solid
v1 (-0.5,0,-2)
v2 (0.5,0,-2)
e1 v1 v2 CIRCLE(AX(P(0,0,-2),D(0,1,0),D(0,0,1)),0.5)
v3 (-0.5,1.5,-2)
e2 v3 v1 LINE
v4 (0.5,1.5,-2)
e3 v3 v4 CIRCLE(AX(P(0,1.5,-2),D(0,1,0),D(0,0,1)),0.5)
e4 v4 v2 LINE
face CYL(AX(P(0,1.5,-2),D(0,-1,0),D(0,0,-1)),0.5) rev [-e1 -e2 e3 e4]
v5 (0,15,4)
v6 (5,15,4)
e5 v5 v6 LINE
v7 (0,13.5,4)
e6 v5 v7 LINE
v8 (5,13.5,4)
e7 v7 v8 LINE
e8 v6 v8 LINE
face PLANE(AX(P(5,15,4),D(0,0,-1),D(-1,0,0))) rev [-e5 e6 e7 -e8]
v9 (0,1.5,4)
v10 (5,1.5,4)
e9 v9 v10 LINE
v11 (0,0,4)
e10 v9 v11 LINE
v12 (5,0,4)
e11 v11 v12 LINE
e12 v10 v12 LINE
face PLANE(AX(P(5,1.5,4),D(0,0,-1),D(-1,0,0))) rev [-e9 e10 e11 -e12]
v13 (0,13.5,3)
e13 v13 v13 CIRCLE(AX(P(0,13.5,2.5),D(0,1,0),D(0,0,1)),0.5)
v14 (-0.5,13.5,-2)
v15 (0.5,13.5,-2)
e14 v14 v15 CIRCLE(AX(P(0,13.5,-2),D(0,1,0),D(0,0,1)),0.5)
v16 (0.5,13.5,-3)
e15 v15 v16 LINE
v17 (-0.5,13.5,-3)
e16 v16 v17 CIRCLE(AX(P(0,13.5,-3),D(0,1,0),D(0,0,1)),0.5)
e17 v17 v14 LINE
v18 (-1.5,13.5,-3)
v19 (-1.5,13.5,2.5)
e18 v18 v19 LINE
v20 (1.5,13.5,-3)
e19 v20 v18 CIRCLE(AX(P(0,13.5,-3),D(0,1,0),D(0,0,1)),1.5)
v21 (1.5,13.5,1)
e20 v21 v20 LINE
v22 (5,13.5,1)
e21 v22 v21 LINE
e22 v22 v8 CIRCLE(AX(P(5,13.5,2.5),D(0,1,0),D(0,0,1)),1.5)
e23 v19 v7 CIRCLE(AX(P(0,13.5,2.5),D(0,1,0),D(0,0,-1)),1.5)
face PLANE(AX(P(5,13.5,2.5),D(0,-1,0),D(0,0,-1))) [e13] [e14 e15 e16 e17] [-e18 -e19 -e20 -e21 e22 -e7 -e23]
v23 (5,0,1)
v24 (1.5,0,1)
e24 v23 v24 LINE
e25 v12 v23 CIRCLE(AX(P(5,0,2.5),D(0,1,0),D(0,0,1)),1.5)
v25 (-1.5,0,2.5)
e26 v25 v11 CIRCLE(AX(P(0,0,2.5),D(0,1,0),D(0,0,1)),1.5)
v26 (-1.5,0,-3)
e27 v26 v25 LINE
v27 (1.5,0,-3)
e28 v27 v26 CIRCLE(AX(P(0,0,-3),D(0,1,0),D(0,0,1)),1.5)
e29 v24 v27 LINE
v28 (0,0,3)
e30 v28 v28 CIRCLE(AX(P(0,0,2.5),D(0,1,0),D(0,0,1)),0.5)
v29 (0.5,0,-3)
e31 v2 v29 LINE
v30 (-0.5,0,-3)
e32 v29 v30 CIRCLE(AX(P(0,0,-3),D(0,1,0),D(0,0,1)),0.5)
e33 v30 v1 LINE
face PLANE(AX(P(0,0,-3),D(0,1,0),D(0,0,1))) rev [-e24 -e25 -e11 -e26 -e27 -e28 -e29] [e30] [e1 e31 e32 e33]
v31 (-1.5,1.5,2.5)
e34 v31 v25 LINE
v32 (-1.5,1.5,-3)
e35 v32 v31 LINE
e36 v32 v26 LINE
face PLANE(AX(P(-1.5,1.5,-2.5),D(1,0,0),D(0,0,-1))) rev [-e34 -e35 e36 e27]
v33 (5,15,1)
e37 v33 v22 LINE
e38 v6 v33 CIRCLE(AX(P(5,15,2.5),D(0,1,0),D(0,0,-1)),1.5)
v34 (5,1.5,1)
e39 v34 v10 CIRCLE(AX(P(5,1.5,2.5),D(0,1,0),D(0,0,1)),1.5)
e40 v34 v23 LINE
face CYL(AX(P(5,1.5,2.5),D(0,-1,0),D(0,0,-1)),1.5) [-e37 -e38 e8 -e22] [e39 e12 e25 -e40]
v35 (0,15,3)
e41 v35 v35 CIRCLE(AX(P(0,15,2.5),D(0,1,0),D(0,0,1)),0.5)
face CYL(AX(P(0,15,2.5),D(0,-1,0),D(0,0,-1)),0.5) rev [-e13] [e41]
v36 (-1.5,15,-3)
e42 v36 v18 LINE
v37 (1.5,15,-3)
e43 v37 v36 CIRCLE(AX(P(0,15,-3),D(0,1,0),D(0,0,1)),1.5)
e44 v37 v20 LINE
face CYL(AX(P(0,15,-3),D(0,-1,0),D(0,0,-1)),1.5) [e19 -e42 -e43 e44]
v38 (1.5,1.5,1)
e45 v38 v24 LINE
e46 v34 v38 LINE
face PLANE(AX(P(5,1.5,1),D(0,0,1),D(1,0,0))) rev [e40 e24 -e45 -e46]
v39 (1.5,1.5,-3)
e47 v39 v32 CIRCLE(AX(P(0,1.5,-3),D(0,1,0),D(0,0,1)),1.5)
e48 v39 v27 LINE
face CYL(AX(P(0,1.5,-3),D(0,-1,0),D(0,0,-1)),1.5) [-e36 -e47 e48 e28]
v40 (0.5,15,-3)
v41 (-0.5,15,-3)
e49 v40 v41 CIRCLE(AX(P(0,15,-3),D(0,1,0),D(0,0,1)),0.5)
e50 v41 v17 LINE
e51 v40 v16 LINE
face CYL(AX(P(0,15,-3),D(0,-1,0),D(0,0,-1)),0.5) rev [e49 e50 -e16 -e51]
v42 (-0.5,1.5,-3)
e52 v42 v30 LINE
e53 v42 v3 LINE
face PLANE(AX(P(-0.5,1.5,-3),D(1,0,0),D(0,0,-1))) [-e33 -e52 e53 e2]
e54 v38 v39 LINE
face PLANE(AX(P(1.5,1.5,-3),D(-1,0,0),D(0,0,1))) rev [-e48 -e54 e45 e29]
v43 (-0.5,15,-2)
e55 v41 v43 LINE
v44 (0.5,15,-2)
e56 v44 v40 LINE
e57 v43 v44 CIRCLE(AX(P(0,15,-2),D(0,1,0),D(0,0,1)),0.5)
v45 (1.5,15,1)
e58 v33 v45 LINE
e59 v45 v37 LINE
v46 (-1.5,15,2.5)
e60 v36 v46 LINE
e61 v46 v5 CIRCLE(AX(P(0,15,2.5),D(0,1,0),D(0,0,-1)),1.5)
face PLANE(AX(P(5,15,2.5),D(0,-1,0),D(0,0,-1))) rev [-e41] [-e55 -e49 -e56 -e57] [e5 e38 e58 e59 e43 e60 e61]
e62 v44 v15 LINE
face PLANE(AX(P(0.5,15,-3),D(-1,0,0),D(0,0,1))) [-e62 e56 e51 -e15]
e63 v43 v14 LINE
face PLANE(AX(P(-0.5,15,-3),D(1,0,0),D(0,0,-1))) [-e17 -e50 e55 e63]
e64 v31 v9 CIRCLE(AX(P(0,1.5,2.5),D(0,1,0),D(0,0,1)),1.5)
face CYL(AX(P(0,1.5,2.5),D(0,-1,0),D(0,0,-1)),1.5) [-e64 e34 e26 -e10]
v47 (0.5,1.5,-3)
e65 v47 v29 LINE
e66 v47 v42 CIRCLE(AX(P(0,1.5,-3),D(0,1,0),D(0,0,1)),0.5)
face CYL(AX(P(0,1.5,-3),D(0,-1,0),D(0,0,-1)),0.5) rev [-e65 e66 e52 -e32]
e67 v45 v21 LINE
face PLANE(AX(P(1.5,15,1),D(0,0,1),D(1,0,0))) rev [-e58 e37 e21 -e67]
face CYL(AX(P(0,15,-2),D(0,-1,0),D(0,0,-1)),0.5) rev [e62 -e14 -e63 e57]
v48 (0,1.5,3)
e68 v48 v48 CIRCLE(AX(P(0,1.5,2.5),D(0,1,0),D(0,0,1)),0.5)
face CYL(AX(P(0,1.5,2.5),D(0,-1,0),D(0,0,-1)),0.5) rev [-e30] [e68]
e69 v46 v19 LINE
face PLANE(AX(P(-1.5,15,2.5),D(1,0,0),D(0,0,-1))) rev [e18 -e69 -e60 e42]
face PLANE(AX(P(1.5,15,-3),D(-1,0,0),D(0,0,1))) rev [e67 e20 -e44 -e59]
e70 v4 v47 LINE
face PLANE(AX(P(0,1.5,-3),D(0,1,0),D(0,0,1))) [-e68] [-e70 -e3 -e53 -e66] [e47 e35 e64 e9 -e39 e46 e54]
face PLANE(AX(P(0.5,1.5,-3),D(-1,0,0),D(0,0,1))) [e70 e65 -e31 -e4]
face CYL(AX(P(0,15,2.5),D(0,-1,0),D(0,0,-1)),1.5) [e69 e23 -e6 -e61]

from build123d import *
from build123d.topology import SkipClean

# Parameters (mm, degrees)
SKETCH1_R           = 0.5
BOSS_EXTRUDE1_DEPTH = 1.5
SKETCH2_R           = 1.5
BOSS_EXTRUDE2_DEPTH = 12
SKETCH3_R           = 0.5
BOSS_EXTRUDE3_DEPTH = 1.5


with BuildPart() as part:
    # Sketch1 → Boss-Extrude1 (new body)
    with BuildSketch(Plane(origin=(0, 0, 0), x_dir=(1, 0, 0), z_dir=(0, 1, 0))):
        with BuildLine():
            Line((5, -1), (1.5, -1))
            Line((1.5, -1), (1.5, 2.5))
            Line((1.5, 2.5), (1.5, 3))
            ThreePointArc((1.5, 3), (0, 4.5), (-1.5, 3))
            Line((-1.5, 3), (-1.5, 2.5))
            Line((-1.5, 2.5), (-1.5, -2.5))
            ThreePointArc((-1.5, -2.5), (-1.060660172, -3.560660172), (0, -4))
            Line((0, -4), (5, -4))
            ThreePointArc((5, -4), (6.5, -2.5), (5, -1))
        make_face()
        with Locations(Location((0, -2.5, 0), (0, 0, 270))):
            Circle(SKETCH1_R, mode=Mode.SUBTRACT)
        with BuildLine():
            Line((-0.5, 3), (-0.5, 2))
            ThreePointArc((-0.5, 2), (0, 1.5), (0.5, 2))
            Line((0.5, 2), (0.5, 3))
            ThreePointArc((0.5, 3), (0, 3.5), (-0.5, 3))
        make_face(mode=Mode.SUBTRACT)
    extrude(amount=BOSS_EXTRUDE1_DEPTH)

    # Sketch2 → Boss-Extrude2 (add)
    with BuildSketch(Plane(origin=(0, 1.5, 0), x_dir=(1, 0, 0), z_dir=(0, 1, 0))):
        with Locations(Location((5, -2.5, 0), (0, 0, 270))):
            Circle(SKETCH2_R)
    extrude(amount=BOSS_EXTRUDE2_DEPTH)

    # Sketch3 → Boss-Extrude3 (add)
    with SkipClean():  # the faces are left unmerged after this step: merging them gives an invalid solid
        with BuildSketch(Plane(origin=(0, 13.5, 0), x_dir=(1, 0, 0), z_dir=(0, 1, 0))):
            with BuildLine():
                Line((1.5, -1), (5, -1))
                ThreePointArc((5, -1), (6.5, -2.5), (5, -4))
                Line((5, -4), (0, -4))
                ThreePointArc((0, -4), (-1.060660172, -3.560660172), (-1.5, -2.5))
                Line((-1.5, -2.5), (-1.5, 2.5))
                Line((-1.5, 2.5), (-1.5, 3))
                ThreePointArc((-1.5, 3), (0, 4.5), (1.5, 3))
                Line((1.5, 3), (1.5, 2.5))
                Line((1.5, 2.5), (1.5, -1))
            make_face()
            with Locations(Location((0, -2.5, 0), (0, 0, 270))):
                Circle(SKETCH3_R, mode=Mode.SUBTRACT)
            with BuildLine():
                Line((-0.5, 3), (-0.5, 2))
                ThreePointArc((-0.5, 2), (0, 1.5), (0.5, 2))
                Line((0.5, 2), (0.5, 3))
                ThreePointArc((0.5, 3), (0, 3.5), (-0.5, 3))
            make_face(mode=Mode.SUBTRACT)
        extrude(amount=BOSS_EXTRUDE3_DEPTH)


solid = part.part
